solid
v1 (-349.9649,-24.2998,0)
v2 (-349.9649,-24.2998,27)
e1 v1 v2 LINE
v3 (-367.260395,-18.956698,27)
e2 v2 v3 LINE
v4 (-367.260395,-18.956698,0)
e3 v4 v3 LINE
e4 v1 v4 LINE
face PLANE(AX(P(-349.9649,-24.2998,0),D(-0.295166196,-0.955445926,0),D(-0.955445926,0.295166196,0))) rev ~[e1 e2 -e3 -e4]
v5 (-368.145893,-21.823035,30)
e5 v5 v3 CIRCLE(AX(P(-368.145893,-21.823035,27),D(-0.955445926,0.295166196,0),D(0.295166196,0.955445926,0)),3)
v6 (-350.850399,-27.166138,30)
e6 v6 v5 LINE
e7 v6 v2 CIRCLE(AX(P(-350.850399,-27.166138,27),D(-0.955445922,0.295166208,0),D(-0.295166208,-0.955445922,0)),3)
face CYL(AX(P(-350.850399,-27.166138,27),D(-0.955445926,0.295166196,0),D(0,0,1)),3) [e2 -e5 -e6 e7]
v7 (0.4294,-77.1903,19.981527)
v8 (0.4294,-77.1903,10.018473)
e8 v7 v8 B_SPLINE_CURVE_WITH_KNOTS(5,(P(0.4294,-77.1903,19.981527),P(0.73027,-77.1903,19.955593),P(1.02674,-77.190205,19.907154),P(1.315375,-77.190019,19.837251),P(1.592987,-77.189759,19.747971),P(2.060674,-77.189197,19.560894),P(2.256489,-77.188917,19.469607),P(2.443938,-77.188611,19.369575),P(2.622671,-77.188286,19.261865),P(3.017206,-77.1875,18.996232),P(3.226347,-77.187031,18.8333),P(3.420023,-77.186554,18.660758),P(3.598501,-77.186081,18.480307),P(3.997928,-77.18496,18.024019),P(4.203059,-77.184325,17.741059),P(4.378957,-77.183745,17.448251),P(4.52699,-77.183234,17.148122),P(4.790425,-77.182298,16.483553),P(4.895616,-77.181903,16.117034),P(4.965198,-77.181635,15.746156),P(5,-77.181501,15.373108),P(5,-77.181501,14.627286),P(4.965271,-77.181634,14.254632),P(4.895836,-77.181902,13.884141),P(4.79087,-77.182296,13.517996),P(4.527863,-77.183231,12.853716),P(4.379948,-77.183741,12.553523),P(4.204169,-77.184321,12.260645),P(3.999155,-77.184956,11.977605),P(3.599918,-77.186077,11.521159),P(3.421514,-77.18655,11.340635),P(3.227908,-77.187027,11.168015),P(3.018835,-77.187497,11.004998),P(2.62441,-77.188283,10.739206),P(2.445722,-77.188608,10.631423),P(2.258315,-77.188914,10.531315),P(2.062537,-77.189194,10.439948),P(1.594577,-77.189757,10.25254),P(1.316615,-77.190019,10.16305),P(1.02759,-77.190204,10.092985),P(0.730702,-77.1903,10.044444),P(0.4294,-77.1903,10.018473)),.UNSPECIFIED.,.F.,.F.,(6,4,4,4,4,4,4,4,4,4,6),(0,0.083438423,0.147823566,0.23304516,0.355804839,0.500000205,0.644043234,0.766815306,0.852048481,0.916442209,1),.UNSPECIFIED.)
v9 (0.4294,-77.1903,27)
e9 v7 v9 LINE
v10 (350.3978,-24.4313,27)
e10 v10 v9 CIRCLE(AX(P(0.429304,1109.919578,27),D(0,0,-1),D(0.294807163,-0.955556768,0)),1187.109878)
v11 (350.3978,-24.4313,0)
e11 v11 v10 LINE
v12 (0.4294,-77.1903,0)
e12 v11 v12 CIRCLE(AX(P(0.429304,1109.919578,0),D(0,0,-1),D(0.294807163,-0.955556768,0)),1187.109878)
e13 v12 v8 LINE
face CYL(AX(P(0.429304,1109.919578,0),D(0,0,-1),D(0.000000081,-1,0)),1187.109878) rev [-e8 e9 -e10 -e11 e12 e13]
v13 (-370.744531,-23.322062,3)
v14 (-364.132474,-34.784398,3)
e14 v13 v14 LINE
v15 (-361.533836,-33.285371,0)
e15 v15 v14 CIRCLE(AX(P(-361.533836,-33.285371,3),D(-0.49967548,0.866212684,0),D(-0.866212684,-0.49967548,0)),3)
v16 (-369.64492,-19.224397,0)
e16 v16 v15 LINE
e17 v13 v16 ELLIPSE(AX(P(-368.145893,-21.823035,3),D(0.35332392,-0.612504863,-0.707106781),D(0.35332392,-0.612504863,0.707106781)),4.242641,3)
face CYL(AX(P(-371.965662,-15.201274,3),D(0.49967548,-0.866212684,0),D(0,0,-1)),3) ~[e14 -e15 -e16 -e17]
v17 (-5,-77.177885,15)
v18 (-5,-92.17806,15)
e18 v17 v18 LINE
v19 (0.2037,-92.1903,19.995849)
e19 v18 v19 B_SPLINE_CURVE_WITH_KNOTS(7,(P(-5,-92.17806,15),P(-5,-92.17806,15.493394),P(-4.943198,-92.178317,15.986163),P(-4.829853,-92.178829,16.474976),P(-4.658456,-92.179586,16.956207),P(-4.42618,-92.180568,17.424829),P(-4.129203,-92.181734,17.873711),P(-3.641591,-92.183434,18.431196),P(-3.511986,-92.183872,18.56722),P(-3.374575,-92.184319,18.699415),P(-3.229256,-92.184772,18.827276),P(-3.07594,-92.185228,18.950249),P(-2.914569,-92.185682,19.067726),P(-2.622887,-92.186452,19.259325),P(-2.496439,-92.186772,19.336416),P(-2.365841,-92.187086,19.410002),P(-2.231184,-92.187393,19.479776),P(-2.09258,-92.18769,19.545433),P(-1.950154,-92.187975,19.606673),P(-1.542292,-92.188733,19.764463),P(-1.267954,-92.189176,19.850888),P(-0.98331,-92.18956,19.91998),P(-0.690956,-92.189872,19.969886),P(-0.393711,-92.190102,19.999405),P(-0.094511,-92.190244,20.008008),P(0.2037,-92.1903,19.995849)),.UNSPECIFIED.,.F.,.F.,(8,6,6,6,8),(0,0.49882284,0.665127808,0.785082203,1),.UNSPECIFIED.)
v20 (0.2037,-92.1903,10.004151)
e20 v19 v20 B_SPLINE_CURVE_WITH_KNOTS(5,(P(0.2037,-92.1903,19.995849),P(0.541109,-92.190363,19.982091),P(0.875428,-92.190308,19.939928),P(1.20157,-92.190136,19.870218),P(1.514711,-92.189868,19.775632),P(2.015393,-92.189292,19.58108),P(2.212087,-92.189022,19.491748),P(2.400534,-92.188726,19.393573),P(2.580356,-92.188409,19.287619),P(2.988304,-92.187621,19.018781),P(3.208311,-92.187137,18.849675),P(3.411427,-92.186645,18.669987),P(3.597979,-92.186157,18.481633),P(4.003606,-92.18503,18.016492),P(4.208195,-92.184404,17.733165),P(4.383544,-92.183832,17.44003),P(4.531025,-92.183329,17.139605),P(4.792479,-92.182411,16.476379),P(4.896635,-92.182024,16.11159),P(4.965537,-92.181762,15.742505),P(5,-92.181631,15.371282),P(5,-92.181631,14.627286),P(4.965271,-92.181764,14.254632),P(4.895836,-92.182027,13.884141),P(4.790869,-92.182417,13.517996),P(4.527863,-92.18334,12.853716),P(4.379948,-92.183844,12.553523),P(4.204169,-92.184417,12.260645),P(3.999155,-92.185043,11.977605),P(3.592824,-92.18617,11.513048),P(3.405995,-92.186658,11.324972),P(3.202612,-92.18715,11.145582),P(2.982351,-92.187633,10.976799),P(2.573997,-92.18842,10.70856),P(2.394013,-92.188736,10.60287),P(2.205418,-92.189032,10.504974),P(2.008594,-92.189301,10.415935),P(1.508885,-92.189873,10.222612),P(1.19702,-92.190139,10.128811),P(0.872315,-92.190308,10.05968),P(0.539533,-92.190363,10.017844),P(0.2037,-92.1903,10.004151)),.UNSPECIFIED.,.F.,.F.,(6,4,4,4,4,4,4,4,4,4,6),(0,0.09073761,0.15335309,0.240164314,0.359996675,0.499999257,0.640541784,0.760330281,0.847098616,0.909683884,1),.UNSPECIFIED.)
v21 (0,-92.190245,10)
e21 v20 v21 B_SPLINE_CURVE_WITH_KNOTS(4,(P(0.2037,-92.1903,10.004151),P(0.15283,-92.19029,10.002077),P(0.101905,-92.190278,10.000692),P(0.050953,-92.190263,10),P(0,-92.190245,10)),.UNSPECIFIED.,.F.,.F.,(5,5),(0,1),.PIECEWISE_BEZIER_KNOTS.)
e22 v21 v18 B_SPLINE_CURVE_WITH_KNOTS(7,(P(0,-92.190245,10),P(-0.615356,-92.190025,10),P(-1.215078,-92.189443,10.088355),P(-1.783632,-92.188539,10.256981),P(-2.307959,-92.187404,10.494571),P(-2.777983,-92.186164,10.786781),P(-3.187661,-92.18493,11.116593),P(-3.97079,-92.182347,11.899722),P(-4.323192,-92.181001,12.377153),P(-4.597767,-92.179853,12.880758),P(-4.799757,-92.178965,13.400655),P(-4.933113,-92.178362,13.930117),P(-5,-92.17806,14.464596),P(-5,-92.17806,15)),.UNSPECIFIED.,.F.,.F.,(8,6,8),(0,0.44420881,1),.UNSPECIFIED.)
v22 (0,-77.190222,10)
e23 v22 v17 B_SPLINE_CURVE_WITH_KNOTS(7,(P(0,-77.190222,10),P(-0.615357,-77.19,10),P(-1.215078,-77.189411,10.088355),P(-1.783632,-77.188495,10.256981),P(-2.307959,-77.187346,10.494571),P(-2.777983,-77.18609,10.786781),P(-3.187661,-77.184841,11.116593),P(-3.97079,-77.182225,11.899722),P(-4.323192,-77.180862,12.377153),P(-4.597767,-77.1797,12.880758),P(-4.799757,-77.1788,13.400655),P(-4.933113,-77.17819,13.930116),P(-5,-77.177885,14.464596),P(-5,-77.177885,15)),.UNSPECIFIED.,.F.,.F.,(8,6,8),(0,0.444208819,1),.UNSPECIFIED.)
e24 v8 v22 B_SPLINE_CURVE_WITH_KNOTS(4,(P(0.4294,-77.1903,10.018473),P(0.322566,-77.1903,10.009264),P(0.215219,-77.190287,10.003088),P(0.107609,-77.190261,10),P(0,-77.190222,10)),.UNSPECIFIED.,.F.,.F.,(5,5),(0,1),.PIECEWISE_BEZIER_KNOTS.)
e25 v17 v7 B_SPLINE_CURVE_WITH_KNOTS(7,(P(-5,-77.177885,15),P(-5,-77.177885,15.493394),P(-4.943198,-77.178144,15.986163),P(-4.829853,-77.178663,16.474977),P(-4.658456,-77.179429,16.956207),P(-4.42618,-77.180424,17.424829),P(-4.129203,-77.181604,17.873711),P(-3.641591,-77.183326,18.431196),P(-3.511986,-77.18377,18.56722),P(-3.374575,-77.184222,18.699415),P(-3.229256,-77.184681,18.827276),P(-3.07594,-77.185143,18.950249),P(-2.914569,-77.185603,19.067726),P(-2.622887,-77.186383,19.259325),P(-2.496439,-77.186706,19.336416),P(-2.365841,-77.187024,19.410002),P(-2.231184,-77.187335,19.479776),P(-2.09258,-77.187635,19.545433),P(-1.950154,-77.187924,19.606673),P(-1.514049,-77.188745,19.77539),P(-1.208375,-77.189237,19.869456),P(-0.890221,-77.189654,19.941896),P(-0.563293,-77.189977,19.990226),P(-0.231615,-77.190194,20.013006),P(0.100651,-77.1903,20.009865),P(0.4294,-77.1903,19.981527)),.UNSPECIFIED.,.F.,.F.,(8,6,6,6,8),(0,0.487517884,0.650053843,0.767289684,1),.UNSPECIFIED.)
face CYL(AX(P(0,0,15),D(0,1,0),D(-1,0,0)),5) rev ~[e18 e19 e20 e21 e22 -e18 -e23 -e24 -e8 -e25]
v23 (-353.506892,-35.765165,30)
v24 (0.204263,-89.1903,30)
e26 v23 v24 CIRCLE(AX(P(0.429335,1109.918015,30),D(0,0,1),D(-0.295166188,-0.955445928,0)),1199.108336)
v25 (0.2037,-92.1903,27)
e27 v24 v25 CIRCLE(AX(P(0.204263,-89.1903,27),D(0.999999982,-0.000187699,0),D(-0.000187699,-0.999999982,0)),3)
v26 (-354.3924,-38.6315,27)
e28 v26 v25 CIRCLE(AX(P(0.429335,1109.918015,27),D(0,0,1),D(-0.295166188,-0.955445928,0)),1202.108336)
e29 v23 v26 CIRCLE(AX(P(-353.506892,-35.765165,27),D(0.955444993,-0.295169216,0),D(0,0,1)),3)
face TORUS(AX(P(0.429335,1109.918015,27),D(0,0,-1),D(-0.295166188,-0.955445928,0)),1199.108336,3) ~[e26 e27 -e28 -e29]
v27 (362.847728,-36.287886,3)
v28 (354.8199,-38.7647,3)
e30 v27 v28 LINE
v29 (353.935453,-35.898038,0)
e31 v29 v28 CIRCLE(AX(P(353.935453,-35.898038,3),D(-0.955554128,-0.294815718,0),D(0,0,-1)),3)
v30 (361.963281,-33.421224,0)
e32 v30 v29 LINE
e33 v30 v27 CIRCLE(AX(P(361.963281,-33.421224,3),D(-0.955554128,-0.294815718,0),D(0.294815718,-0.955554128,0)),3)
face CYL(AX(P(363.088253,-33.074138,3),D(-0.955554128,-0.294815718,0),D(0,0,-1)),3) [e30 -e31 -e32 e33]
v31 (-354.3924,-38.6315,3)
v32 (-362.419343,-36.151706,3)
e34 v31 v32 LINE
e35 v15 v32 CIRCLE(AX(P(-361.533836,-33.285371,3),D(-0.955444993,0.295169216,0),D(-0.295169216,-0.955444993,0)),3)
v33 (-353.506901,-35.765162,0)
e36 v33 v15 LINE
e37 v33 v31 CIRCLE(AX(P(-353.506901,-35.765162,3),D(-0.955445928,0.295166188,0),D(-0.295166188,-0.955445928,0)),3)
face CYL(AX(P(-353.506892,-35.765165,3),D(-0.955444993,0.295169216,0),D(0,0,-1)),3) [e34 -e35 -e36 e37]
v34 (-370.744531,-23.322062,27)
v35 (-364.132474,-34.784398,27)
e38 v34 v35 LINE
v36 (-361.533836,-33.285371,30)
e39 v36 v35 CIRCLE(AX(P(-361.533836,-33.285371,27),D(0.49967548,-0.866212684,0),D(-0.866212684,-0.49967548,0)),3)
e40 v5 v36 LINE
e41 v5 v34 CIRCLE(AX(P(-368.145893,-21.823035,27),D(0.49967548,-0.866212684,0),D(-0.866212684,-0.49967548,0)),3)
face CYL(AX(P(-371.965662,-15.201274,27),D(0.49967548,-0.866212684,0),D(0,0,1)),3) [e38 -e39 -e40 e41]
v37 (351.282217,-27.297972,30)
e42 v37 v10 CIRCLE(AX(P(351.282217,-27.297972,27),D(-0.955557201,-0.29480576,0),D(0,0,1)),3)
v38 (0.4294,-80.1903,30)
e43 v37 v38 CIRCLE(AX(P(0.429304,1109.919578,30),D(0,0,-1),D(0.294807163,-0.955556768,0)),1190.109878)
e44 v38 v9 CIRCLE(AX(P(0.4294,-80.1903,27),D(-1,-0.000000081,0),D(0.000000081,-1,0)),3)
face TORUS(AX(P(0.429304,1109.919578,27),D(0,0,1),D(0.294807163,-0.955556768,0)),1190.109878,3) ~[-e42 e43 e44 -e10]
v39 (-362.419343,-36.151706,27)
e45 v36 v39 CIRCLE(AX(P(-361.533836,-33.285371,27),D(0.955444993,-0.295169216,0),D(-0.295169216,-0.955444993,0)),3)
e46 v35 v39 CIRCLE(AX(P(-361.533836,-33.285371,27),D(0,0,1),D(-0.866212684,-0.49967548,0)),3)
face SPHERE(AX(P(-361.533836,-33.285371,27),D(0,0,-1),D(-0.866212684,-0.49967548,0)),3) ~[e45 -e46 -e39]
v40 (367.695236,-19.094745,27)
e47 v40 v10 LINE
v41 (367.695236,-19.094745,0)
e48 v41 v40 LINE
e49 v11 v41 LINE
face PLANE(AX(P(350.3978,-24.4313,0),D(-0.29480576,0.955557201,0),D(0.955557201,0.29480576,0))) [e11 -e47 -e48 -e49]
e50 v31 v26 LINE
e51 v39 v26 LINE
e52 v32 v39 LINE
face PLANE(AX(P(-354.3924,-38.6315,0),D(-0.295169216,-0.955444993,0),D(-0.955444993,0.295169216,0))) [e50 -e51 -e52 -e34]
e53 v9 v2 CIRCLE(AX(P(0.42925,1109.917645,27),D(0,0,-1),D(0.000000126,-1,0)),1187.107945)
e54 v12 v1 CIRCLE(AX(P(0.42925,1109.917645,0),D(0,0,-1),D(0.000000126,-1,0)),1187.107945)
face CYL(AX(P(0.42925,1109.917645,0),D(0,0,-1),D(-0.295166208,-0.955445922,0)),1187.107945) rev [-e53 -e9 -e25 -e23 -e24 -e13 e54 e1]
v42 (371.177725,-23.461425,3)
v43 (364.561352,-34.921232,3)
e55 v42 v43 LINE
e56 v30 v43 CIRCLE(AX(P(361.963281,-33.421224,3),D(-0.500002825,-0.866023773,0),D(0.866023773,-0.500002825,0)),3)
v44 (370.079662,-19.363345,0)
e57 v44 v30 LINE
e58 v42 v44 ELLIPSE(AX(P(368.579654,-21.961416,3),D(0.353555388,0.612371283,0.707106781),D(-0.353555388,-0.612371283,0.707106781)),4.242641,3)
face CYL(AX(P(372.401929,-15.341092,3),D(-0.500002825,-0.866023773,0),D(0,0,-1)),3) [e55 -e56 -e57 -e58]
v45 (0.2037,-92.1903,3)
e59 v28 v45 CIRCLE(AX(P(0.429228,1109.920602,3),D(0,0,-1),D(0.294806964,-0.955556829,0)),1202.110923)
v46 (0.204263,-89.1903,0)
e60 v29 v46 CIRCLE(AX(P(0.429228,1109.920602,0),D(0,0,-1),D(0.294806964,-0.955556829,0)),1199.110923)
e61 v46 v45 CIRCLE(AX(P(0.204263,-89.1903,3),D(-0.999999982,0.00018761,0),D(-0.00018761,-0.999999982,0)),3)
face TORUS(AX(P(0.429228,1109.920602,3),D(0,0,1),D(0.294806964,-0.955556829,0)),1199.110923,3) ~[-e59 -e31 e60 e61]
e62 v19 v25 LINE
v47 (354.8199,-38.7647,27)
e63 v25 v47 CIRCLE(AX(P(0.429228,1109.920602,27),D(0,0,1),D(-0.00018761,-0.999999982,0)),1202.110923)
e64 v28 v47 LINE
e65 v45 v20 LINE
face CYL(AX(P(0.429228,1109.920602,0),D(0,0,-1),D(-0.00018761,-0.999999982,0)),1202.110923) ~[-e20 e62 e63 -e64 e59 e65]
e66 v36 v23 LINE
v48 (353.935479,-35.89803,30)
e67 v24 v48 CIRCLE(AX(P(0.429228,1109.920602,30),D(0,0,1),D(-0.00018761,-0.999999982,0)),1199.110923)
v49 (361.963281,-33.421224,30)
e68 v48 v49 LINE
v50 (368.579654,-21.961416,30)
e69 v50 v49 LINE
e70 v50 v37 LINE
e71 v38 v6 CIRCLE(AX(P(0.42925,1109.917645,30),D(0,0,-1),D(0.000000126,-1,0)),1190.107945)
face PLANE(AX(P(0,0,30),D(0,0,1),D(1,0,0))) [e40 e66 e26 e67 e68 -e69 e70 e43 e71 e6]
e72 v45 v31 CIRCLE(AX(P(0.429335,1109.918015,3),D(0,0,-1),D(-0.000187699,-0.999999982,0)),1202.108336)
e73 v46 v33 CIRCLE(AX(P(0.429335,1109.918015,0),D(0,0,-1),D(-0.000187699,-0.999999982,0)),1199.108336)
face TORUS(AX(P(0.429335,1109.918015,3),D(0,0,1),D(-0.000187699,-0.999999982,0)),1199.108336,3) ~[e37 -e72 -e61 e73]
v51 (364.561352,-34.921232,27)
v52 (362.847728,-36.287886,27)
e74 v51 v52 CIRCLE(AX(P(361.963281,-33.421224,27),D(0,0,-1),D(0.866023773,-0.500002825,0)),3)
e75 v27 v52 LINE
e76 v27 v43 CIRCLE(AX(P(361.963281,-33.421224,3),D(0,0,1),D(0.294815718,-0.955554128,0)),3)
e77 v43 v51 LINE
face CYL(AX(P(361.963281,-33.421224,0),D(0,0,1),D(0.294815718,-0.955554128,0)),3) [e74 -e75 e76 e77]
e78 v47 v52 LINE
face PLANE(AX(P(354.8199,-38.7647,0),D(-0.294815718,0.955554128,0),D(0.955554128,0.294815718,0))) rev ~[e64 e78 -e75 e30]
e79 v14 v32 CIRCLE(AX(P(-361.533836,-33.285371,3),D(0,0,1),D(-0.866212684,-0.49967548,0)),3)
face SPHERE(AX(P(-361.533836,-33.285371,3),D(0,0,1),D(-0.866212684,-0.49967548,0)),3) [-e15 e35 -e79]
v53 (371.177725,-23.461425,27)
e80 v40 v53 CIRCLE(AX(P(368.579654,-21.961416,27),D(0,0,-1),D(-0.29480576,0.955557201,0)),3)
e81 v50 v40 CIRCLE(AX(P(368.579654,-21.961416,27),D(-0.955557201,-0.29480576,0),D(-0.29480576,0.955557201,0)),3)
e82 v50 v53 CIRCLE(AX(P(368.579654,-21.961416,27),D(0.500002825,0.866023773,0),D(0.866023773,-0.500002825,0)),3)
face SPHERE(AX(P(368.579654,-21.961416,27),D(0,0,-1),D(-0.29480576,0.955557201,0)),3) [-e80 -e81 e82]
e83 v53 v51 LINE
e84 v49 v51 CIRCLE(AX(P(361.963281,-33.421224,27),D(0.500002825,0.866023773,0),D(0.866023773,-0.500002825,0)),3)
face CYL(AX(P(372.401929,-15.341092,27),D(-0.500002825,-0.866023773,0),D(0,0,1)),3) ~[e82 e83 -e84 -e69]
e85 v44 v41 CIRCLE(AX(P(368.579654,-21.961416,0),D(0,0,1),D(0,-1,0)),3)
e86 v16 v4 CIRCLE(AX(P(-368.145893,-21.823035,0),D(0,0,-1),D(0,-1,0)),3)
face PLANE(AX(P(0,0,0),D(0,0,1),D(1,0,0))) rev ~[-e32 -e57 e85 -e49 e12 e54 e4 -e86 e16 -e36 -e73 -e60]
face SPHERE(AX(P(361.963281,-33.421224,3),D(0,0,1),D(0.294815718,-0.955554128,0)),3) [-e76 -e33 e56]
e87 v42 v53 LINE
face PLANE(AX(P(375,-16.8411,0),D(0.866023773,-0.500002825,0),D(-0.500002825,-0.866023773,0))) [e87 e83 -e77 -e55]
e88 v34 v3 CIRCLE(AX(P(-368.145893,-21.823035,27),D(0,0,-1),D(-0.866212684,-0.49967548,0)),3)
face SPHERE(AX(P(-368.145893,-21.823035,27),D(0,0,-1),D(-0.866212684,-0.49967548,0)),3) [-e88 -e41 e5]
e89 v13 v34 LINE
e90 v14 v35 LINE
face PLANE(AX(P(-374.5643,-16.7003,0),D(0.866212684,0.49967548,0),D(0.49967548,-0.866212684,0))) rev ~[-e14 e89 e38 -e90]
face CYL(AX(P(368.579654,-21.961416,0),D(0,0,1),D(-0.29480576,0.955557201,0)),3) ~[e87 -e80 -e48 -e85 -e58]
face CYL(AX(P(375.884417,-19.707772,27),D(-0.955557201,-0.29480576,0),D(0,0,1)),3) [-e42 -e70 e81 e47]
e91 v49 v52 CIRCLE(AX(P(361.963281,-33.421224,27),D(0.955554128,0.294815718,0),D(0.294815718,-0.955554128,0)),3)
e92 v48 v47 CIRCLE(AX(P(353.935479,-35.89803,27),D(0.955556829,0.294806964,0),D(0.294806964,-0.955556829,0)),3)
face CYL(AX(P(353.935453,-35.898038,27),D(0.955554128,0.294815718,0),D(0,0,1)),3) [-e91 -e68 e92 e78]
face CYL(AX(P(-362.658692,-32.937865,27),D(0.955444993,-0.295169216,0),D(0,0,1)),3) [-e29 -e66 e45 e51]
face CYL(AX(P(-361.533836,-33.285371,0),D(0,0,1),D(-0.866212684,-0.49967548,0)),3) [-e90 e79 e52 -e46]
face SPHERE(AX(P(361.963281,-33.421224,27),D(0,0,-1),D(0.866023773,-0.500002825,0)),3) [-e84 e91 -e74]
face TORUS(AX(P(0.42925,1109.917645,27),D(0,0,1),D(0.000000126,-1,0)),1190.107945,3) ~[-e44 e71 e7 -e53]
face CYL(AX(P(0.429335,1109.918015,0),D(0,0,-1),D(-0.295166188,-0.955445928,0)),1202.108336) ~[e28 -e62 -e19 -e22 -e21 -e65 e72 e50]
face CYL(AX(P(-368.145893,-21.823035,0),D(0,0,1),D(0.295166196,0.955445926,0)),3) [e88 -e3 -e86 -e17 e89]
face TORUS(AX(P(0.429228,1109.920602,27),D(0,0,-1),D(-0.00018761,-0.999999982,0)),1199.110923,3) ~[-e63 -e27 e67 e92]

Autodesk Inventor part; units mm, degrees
ref_plane "YZ Plane" through (0, 0, 0) normal (1, 0, 0) x (0, 1, 0)
ref_plane "XZ Plane" through (0, 0, 0) normal (0, 1, 0) x (-1, 0, 0)
ref_plane "XY Plane" through (0, 0, 0) normal (0, 0, 1) x (1, 0, 0)
sketch "Sketch1" plane through (0, 0, 0) normal (0, 0, 1) x (1, 0, 0)
  arc A0 (0.4294, -77.1903) -> (350.3978, -24.4313) centre (0.4294, 1109.9183) ccw
  arc A1 (0.2037, -92.1903) -> (354.8199, -38.7647) centre (0.4294, 1109.9183) ccw
  line L0 (0.2076, -71.1704) -> (0.2037, -92.1903)
  line L1 (350.3978, -24.4313) -> (372.3, -24.4313) construction
  line L2 (0, 0) -> (375, 0)
  line L3 (375, 0) -> (375, -16.8411)
  line L4 (350.3978, -24.4313) -> (375, -16.8411)
  line L5 (354.8199, -38.7647) -> (363.9727, -35.9408)
  line L6 (375, -16.8411) -> (363.9727, -35.9408)
  line L7 (375, -16.8411) -> (397.0545, -16.8411) construction
  arc A2 (-349.9649, -24.2998) -> (0.4294, -77.1903) centre (0.4294, 1109.9183) ccw
  arc A3 (-354.3924, -38.6315) -> (0.2037, -92.1903) centre (0.4294, 1109.9183) ccw
  line L8 (-349.9649, -24.2998) -> (-374.5643, -16.7003)
  line L9 (-354.3924, -38.6315) -> (-363.5442, -35.8042)
  line L10 (-374.5643, -16.7003) -> (-363.5442, -35.8042)
  arc A4 (0.4294, -107.1903) -> (359.242, -53.098) centre (0.4294, 1109.9183) ccw
  line L11 (359.242, -53.098) -> (374.0198, -48.5388)
  line L12 (374.0198, -48.5388) -> (388.2749, -23.8483)
  line L13 (363.9727, -35.9408) -> (0.4294, -35.9408)
  point P0 (350.1634, -39.5425)
  point P1 (287.1787, -57.4891)
  dimension "d0" = 15
  dimension "d12" = 375
  dimension "d13" = 120
  dimension "d15" = 15
  dimension "d16" = 363.5433
extrude "Extrusion1" add sketch "Sketch1" along normal blind 30
sketch "Sketch2" plane through (0, 0, 0) normal (0, 1, 0) x (-1, 0, 0)
  line L0 (0, 0) -> (0, 15)
  circle A0 centre (0, 15) radius 5
  dimension "d5" = 15
  dimension "d6" = 10
extrude "Extrusion2" cut sketch "Sketch2" against normal blind 300
fillet "Fillet5" radius 3 17 edges at (359.3963, -37.3527, 30) (-358.9683, -37.2179, 30) (179.5153, -78.7757, 30) (-358.9683, -37.2179, 0) (359.3963, -37.3527, 0) (179.5153, -78.7757, 0) (-363.5442, -35.8042, 15) (-369.0543, -26.2523, 30) (-362.2646, -20.5001, 30) (362.6989, -20.6362, 30) (-176.7524, -63.8932, 30) (-369.0543, -26.2523, 0) (-374.5643, -16.7003, 15) (369.4864, -26.3909, 0) (363.9727, -35.9408, 15) (369.4864, -26.3909, 30) (375, -16.8411, 15)
properties part number "leaf 2" material "Steel, Carbon"
